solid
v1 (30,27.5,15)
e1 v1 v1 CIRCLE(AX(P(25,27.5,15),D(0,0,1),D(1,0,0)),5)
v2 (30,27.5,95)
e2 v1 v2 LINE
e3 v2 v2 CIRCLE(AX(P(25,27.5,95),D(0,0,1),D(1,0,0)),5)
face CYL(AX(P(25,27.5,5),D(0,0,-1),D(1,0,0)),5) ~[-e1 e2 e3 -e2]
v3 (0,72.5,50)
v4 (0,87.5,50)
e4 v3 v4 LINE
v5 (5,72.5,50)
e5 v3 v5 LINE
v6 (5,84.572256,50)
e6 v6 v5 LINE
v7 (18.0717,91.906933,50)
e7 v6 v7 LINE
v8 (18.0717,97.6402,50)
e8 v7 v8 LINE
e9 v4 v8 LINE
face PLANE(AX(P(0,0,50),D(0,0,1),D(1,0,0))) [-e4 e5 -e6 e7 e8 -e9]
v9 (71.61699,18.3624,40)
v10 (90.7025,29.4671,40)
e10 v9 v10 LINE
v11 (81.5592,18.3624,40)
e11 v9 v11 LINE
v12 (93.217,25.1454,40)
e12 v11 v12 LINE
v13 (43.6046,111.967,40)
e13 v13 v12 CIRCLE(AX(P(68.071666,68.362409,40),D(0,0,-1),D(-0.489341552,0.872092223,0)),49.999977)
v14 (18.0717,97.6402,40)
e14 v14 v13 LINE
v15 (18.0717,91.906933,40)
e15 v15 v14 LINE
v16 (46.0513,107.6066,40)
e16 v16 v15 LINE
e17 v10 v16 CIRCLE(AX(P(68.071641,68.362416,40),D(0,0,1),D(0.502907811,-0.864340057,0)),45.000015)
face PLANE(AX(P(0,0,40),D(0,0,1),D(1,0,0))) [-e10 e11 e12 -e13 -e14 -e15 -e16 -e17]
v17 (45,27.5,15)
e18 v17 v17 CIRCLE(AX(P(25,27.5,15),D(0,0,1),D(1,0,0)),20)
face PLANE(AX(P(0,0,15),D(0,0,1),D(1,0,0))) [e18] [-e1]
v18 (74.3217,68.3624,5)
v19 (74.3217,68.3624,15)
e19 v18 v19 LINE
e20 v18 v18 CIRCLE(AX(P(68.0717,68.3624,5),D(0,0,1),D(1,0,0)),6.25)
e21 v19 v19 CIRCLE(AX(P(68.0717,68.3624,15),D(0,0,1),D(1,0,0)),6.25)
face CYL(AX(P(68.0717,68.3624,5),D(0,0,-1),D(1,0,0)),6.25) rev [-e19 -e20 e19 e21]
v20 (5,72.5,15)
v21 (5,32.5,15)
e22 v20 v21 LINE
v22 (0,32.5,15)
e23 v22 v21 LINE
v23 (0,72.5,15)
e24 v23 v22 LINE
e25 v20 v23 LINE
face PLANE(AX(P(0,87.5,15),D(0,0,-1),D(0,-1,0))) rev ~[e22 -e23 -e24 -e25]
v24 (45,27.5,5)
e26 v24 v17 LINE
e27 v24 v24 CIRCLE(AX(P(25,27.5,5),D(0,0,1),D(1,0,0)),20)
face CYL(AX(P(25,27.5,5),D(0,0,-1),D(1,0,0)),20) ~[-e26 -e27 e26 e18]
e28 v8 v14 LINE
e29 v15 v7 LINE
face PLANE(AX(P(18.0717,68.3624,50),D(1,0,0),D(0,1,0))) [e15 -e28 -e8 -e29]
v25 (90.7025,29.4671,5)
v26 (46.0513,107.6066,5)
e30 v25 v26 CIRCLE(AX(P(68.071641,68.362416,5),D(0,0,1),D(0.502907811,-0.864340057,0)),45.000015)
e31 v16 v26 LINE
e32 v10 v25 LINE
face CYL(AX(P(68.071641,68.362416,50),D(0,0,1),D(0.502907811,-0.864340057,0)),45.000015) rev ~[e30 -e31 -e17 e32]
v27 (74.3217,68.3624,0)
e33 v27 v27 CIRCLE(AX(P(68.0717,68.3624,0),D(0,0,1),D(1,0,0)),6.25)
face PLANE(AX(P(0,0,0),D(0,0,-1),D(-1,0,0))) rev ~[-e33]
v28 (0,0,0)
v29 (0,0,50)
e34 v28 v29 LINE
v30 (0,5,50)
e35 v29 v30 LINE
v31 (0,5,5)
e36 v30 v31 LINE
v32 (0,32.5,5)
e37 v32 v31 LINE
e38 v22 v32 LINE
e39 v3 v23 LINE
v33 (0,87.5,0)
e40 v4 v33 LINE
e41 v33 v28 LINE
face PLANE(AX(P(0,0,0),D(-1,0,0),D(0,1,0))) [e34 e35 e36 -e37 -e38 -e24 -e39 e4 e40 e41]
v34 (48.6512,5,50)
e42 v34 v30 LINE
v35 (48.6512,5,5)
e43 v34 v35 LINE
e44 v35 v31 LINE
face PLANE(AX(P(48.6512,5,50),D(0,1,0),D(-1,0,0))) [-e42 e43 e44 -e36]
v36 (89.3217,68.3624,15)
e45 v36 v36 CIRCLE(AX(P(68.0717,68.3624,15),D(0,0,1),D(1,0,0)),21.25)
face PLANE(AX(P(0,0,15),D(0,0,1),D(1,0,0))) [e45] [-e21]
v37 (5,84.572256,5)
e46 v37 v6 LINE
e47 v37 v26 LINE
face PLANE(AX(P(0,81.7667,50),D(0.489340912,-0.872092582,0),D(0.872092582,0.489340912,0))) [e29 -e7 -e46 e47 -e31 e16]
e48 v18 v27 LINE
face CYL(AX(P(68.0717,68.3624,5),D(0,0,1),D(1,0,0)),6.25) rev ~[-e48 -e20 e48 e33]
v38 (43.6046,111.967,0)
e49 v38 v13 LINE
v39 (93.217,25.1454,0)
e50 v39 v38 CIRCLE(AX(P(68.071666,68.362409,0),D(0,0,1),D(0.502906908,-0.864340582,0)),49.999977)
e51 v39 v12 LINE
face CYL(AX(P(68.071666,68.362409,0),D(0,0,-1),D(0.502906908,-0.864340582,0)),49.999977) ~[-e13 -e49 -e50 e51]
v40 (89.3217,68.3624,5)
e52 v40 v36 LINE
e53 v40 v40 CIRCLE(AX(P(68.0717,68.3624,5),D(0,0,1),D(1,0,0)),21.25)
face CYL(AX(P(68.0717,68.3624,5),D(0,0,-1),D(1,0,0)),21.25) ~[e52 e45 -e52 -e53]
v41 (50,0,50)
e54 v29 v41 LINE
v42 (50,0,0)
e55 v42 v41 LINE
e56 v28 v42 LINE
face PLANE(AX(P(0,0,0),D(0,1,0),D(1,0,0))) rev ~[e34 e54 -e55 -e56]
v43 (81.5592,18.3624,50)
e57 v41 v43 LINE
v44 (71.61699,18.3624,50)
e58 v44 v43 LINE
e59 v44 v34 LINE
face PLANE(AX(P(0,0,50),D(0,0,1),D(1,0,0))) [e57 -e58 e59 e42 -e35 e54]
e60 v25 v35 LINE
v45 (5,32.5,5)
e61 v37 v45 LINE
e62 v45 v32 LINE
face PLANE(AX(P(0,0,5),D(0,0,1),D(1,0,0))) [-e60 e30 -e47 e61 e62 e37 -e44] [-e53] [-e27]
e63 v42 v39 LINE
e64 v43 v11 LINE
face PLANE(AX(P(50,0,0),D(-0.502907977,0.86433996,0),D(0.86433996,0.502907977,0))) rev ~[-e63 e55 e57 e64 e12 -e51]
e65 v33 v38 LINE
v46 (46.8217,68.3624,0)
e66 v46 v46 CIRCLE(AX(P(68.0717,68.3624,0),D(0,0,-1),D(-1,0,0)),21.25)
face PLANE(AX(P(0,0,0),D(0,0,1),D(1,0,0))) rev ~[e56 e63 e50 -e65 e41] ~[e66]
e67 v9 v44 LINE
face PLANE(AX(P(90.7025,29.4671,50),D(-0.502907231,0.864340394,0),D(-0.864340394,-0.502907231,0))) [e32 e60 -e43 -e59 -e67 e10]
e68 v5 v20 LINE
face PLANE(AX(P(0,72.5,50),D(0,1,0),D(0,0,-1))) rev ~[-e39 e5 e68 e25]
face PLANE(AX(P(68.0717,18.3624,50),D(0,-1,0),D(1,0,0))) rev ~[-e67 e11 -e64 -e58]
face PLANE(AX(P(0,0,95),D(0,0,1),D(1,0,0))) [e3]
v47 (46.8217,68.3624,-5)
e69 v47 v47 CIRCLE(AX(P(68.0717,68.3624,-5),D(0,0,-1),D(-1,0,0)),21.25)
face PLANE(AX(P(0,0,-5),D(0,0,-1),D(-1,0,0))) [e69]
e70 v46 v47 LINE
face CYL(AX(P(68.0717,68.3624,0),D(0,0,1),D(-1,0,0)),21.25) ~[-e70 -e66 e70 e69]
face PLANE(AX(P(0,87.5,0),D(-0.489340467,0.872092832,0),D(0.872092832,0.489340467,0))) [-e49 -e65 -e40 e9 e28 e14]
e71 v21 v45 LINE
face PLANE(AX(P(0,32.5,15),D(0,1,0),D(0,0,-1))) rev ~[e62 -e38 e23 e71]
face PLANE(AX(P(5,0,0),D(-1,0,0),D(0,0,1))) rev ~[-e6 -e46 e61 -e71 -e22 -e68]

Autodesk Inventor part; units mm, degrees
ref_plane "YZ Plane" through (0, 0, 0) normal (1, 0, 0) x (0, 1, 0)
ref_plane "XZ Plane" through (0, 0, 0) normal (0, 1, 0) x (-1, 0, 0)
ref_plane "XY Plane" through (0, 0, 0) normal (0, 0, 1) x (1, 0, 0)
sketch "Sketch1" plane through (0, 0, 0) normal (0, 0, 1) x (1, 0, 0)
  line L0 (0, 0) -> (0, 87.5)
  line L1 (0, 87.5) -> (43.6046, 111.967)
  line L2 (0, 0) -> (50, 0)
  line L3 (50, 0) -> (93.217, 25.1454)
  circle A0 centre (68.0717, 68.3624) radius 50 construction
  arc A1 (93.217, 25.1454) -> (43.6046, 111.967) centre (68.0717, 68.3624) ccw
  dimension "d0" = 87.5
  dimension "d1" = 50
  dimension "d2" = 50
  dimension "d3" = 50
  dimension "d4" = 100
extrude "Extrusion1" add sketch "Sketch1" along normal blind 50
sketch "Sketch2" plane through (0, 0, 50) normal (0, 0, 1) x (1, 0, 0)
  line L0 (0, 0) -> (50, 0) projected
  line L1 (50, 0) -> (93.217, 25.1454) projected
  arc A0 (93.217, 25.1454) -> (43.6046, 111.967) centre (68.0717, 68.3624) ccw projected
  line L2 (43.6046, 111.967) -> (0, 87.5) projected
  line L3 (0, 81.7667) -> (46.0513, 107.6066)
  arc A1 (90.7025, 29.4671) -> (46.0513, 107.6066) centre (68.0717, 68.3624) ccw
  line L4 (90.7025, 29.4671) -> (48.6512, 5)
  line L5 (48.6512, 5) -> (0, 5)
  line L6 (0, 87.5) -> (0, 0) projected
  line L7 (0, 5) -> (0, 81.7667)
  dimension "d7" = 5
extrude "Extrusion2" cut sketch "Sketch2" against normal blind 45 contours L6 L3 A1 L4 L5
sketch "Sketch3" plane through (0, 0, 0) normal (-1, 0, 0) x (0, 0, 1)
  line L0 (0, 87.5) -> (50, 87.5) projected
  line L1 (50, 113.3624) -> (50, 29.4671) projected
  line L2 (0, 87.5) -> (50, 87.5)
  line L3 (50, 87.5) -> (50, 72.5)
  line L4 (50, 72.5) -> (0, 72.5)
  line L5 (0, 72.5) -> (0, 87.5)
  point P0 (0, 0)
  point P1 (50, 107.6066)
  dimension "d10" = 15
extrude "Extrusion3" add sketch "Sketch3" against normal blind 5
sketch "Sketch4" plane through (0, 0, 0) normal (-1, 0, 0) x (0, 0, 1)
  line L0 (0, 87.5) -> (0, 111.967) projected
  line L1 (0, 87.5) -> (15, 87.5)
  line L2 (15, 87.5) -> (15, 32.5)
  line L3 (15, 32.5) -> (0, 32.5)
  line L4 (0, 32.5) -> (0, 87.5)
  line L5 (0, 0) -> (50, 0) projected
  dimension "d13" = 15
  dimension "d14" = 32.5
extrude "Extrusion4" add sketch "Sketch4" against normal blind 5
sketch "Sketch5" plane through (0, 0, 5) normal (0, 0, 1) x (1, 0, 0)
  circle A0 centre (25, 27.5) radius 5
  line L0 (0, 0) -> (50, 0) projected
  dimension "d17" = 10
  dimension "d18" = 27.5
  dimension "d19" = 25
extrude "Extrusion5" add sketch "Sketch5" along normal blind 90
sketch "Sketch6" plane through (0, 0, 5) normal (0, 0, 1) x (1, 0, 0)
  circle A0 centre (25, 27.5) radius 5 projected
  circle A1 centre (25, 27.5) radius 20
  point P0 (0, 0)
  dimension "d22" = 40
extrude "Extrusion6" add sketch "Sketch6" along normal blind 10
sketch "Sketch7" plane through (0, 0, 5) normal (0, 0, 1) x (1, 0, 0)
  arc A0 (93.217, 25.1454) -> (43.6046, 111.967) centre (68.0717, 68.3624) ccw projected
  circle A1 centre (68.0717, 68.3624) radius 6.25
  circle A2 centre (68.0717, 68.3624) radius 21.25
  point P0 (0, 0)
  dimension "d25" = 12.5
  dimension "d28" = 15
extrude "Extrusion8" add sketch "Sketch7" along normal blind 10
sketch "Sketch8" plane through (68.0717, 68.3624, 5) normal (0, 0, 1) x (1, 0, 0)
  circle A0 centre (0, 0) radius 6.25 projected
  circle A1 centre (0, 0) radius 6.25
  point P0 (-68.0717, -68.3624)
extrude "Extrusion9" cut sketch "Sketch8" against normal through all
sketch "Sketch9" plane through (0, 0, 0) normal (0, 0, -1) x (-1, 0, 0)
  circle A0 centre (-68.0717, 68.3624) radius 21.25 projected
  circle A1 centre (-68.0717, 68.3624) radius 21.25
  point P0 (0, 0)
extrude "Extrusion10" add sketch "Sketch9" along normal blind 5
sketch "Sketch10" plane through (0, 0, 50) normal (0, 0, 1) x (1, 0, 0)
  arc A0 (93.217, 25.1454) -> (43.6046, 111.967) centre (68.0717, 68.3624) ccw projected
  circle A1 centre (68.0717, 68.3624) radius 50
  line L0 (18.0717, 68.3624) -> (18.0717, 97.6402)
  line L1 (0, 87.5) -> (43.6046, 111.967) projected
  line L2 (43.6046, 111.967) -> (18.0717, 97.6402)
  line L3 (68.0717, 18.3624) -> (81.5592, 18.3624)
  line L4 (50, 0) -> (93.217, 25.1454) projected
  line L5 (81.5592, 18.3624) -> (93.217, 25.1454)
  point P0 (0, 0)
extrude "Extrusion11" cut sketch "Sketch10" against normal blind 10
properties part number "BA005" material "ABS Plastic"
